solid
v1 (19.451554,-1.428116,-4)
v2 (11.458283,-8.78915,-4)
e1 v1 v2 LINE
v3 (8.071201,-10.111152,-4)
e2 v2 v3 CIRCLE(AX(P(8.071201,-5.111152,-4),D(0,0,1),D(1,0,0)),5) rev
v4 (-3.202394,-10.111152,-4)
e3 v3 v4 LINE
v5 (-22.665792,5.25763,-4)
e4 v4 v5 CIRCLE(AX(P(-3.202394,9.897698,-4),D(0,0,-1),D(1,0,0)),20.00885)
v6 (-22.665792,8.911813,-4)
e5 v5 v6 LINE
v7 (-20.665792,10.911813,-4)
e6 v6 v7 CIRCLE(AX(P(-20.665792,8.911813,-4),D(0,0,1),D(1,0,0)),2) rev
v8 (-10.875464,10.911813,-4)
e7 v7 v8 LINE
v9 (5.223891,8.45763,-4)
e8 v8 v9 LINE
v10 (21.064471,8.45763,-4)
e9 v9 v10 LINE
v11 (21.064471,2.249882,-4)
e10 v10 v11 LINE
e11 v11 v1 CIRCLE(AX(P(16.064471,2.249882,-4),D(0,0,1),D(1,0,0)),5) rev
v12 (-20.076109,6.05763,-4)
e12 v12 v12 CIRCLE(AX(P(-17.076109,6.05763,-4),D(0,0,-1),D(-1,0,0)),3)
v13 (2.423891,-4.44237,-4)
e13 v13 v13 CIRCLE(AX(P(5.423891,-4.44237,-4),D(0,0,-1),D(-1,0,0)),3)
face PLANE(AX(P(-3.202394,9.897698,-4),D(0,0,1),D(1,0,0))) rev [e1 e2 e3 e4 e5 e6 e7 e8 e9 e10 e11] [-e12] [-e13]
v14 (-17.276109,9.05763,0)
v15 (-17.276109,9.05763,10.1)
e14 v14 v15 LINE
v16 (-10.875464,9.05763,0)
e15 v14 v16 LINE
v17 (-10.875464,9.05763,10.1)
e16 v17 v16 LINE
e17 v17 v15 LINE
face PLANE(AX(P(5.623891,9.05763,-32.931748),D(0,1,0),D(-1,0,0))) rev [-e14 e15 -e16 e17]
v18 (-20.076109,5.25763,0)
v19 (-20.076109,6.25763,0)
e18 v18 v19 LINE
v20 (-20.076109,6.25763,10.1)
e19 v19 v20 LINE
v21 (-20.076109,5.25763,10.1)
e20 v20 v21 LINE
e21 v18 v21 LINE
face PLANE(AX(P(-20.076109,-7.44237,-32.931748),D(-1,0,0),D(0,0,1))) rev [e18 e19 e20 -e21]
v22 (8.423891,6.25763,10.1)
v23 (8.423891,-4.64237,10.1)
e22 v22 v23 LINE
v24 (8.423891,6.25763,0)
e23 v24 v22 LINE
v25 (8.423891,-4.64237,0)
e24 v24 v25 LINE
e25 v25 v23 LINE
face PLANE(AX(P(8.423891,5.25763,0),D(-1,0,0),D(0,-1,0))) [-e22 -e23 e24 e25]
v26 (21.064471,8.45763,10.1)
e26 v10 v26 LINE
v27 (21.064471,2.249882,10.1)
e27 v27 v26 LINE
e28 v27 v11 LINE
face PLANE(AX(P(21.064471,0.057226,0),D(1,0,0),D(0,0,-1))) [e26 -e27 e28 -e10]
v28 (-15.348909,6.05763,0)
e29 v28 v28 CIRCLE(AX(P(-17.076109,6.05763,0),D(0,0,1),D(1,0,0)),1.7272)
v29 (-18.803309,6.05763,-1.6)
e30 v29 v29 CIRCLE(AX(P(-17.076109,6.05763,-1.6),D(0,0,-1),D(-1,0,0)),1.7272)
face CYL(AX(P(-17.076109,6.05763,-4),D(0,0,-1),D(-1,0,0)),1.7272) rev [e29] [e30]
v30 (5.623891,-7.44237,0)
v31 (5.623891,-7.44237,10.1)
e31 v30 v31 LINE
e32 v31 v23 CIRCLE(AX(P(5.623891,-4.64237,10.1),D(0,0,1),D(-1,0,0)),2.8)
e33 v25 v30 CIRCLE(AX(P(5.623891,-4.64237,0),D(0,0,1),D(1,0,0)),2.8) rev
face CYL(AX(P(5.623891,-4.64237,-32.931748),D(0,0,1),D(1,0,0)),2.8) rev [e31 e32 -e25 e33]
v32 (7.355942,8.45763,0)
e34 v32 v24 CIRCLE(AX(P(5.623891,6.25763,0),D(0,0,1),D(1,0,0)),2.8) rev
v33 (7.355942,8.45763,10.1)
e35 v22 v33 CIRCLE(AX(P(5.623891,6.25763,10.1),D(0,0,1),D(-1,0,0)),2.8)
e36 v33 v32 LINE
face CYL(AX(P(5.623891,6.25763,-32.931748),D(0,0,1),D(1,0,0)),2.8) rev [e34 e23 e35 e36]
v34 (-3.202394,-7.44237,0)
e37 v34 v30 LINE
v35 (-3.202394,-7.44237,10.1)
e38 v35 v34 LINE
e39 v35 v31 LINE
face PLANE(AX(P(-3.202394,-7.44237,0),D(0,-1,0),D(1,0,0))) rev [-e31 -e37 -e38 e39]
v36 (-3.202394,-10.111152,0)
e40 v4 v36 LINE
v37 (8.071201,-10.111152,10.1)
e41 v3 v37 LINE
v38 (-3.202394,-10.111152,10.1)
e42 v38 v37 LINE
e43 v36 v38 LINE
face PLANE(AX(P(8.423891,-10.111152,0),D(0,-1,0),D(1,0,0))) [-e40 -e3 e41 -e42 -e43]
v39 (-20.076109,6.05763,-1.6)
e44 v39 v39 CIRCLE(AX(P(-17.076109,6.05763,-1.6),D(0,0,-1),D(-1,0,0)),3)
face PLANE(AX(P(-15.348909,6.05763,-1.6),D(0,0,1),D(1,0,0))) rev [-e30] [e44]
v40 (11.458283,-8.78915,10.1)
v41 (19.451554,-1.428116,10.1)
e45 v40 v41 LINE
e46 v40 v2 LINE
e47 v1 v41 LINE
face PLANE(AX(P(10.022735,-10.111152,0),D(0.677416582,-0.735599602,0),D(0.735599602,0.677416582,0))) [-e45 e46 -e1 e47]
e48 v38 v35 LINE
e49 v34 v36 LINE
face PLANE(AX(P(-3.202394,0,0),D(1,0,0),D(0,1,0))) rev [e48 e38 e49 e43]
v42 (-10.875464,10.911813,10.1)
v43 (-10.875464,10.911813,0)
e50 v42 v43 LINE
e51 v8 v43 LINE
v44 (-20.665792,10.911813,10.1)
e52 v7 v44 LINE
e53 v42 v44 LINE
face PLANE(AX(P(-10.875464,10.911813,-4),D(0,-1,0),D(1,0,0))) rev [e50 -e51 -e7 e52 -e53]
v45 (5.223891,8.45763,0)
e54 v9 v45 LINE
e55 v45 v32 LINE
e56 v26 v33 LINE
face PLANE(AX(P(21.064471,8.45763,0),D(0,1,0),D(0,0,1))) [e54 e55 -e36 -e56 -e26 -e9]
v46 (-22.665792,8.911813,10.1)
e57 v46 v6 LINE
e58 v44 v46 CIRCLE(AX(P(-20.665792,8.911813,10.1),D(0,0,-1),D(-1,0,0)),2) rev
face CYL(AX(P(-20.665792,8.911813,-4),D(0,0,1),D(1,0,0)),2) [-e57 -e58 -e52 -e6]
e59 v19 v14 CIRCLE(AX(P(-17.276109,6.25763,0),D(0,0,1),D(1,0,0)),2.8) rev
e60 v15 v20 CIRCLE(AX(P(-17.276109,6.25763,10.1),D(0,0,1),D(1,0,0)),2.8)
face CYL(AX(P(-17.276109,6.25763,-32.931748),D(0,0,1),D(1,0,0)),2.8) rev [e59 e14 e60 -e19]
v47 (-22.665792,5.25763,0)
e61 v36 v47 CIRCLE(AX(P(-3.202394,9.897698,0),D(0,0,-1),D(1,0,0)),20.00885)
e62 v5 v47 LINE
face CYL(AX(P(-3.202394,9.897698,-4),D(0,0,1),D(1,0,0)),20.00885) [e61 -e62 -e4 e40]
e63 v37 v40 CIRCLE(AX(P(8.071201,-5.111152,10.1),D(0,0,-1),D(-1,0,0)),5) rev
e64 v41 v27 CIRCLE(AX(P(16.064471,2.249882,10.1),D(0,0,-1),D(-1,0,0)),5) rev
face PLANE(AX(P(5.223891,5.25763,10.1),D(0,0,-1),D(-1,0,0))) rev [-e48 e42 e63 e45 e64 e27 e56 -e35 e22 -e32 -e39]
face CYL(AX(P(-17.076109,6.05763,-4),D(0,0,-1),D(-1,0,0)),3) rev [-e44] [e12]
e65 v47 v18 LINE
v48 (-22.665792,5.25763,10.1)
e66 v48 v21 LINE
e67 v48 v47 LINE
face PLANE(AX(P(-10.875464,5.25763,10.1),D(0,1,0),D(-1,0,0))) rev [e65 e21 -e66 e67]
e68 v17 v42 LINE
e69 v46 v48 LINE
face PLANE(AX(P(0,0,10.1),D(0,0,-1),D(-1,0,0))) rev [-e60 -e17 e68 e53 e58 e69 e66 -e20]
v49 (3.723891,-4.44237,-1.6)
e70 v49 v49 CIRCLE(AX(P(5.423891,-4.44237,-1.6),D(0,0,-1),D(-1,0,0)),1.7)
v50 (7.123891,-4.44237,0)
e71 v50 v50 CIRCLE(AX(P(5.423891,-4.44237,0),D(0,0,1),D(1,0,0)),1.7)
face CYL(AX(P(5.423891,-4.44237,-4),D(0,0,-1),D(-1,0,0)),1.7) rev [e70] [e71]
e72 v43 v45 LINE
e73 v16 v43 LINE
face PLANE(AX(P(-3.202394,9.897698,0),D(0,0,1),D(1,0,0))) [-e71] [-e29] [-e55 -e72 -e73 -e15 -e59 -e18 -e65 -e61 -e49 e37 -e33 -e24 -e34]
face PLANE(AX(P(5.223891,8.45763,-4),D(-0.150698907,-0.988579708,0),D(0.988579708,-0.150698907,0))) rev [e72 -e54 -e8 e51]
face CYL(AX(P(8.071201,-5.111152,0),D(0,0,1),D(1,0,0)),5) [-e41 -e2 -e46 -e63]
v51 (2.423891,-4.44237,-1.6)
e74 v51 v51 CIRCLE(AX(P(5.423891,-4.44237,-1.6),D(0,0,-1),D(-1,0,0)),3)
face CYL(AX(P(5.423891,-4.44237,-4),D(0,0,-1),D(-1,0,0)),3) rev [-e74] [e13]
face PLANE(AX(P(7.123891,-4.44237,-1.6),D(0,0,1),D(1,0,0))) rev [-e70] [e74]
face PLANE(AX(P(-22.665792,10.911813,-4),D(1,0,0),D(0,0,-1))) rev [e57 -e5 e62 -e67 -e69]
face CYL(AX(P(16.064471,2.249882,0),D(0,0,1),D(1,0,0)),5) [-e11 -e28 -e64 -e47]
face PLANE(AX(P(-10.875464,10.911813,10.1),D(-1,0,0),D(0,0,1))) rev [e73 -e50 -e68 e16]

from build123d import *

# Parameters (mm, degrees)
BOSS_EXTRUDE1_DEPTH                                 = 10.1
SKETCH2_W                                           = 10.1
SKETCH2_H                                           = 2.668782353
BOSS_EXTRUDE2_DEPTH                                 = 11.626285019
BOSS_EXTRUDE3_DEPTH                                 = 4
SKETCH4_W                                           = 11.790327601
SKETCH4_H                                           = 5.654182735
BOSS_EXTRUDE4_DEPTH                                 = 10.1
CUT_EXTRUDE1_REACH                                  = 32.993
SKETCH6_W                                           = 5.300644637
SKETCH6_H                                           = 10.1
CBORE_FOR_4_BINDING_HEAD_MACHINE_SCREW1_D           = 3.4
CBORE_FOR_4_BINDING_HEAD_MACHINE_SCREW1_CBORE_D     = 6
CBORE_FOR_4_BINDING_HEAD_MACHINE_SCREW1_CBORE_DEPTH = 2.4
CBORE_FOR_4_BINDING_HEAD_MACHINE_SCREW2_D           = 3.4544
CBORE_FOR_4_BINDING_HEAD_MACHINE_SCREW2_CBORE_D     = 5.999999938
CBORE_FOR_4_BINDING_HEAD_MACHINE_SCREW2_CBORE_DEPTH = 2.400000026
FILLET1_R                                           = 2
FILLET2_R                                           = 3.2
FILLET3_R                                           = 5
CUT_EXTRUDE2_DEPTH                                  = 10.1


with BuildPart() as part:
    # Sketch1 → Boss-Extrude1 (new body)
    with BuildSketch(Plane.XY.offset(10.1)):
        with BuildLine():
            Line((8.423890913, 5.257630162), (8.423890913, -10.111152191))
            Line((8.423890913, -10.111152191), (10.022735266, -10.111152191))
            Line((10.022735266, -10.111152191), (21.064470639, 0.057225582))
            Line((21.064470639, 0.057225582), (21.064470639, 8.457630162))
            Line((21.064470639, 8.457630162), (5.223890913, 8.457630162))
            ThreePointArc((5.223890913, 8.457630162), (7.486632612, 7.520371862), (8.423890913, 5.257630162))
        make_face()
    extrude(amount=-BOSS_EXTRUDE1_DEPTH)

    # Sketch2 → Boss-Extrude2 (add)
    with BuildSketch(Plane.ZY.offset(-8.423890913)):
        with Locations((5.05, -8.776761014)):
            Rectangle(SKETCH2_W, SKETCH2_H)
    extrude(amount=BOSS_EXTRUDE2_DEPTH)

    # Sketch3 → Boss-Extrude3 (add)
    with BuildSketch(Plane(origin=(0, 0, 0), x_dir=(-1, 0, 0), z_dir=(0, 0, -1))):
        with BuildLine():
            Line((3.202394106, -10.111152191), (-10.022735266, -10.111152191))
            Line((-10.022735266, -10.111152191), (-21.064470639, 0.057225582))
            Line((-21.064470639, 0.057225582), (-21.064470639, 8.457630162))
            Line((-21.064470639, 8.457630162), (-5.223890913, 8.457630162))
            Line((-5.223890913, 8.457630162), (10.87546445, 10.911812897))
            Line((10.87546445, 10.911812897), (22.665792051, 10.911812897))
            Line((22.665792051, 10.911812897), (22.665792051, 5.257630162))
            ThreePointArc((22.665792051, 5.257630162), (15.602226067, -5.805749207), (3.202394106, -10.111152191))
        make_face()
    extrude(amount=BOSS_EXTRUDE3_DEPTH)

    # Sketch4 → Boss-Extrude4 (add)
    with BuildSketch(Plane.XY):
        with Locations((-16.77062825, 8.08472153)):
            Rectangle(SKETCH4_W, SKETCH4_H)
    extrude(amount=BOSS_EXTRUDE4_DEPTH)

    # Sketch6 → Cut-Extrude1 (cut, up to next)
    with BuildSketch(Plane(origin=(0, 8.457630162, 0), x_dir=(1, 0, 0), z_dir=(0, 1, 0)), mode=Mode.PRIVATE) as cut_extrude1_sk1:
        with Locations((-13.525786769, -5.05)):
            Rectangle(SKETCH6_W, SKETCH6_H)
    cut_extrude1_tool1 = extrude(cut_extrude1_sk1.sketch, amount=-CUT_EXTRUDE1_REACH, mode=Mode.PRIVATE) & part.part
    add(cut_extrude1_tool1.solids().sort_by_distance((-13.525787, 8.45763, 5.05))[0], mode=Mode.SUBTRACT)

    # CBORE for #4 Binding Head Machine Screw1 (through all)
    with Locations(Plane(origin=(0, 0, -4), x_dir=(-1, 0, 0), z_dir=(0, 0, -1))):
        with Locations((-5.423890913, -4.442369838)):
            CounterBoreHole(CBORE_FOR_4_BINDING_HEAD_MACHINE_SCREW1_D / 2, CBORE_FOR_4_BINDING_HEAD_MACHINE_SCREW1_CBORE_D / 2, CBORE_FOR_4_BINDING_HEAD_MACHINE_SCREW1_CBORE_DEPTH)

    # CBORE for #4 Binding Head Machine Screw2 (through all)
    with Locations(Plane(origin=(0, 0, -4), x_dir=(-1, 0, 0), z_dir=(0, 0, -1))):
        with Locations((17.076109087, 6.057630162)):
            CounterBoreHole(CBORE_FOR_4_BINDING_HEAD_MACHINE_SCREW2_D / 2, CBORE_FOR_4_BINDING_HEAD_MACHINE_SCREW2_CBORE_D / 2, CBORE_FOR_4_BINDING_HEAD_MACHINE_SCREW2_CBORE_DEPTH)

    # Fillet1
    fillet1_edges = [part.edges().sort_by_distance(p)[0] for p in [
        (-22.665792051, 10.911812897, 3.05),
    ]]
    fillet(fillet1_edges, radius=FILLET1_R)

    # Fillet2
    fillet2_edges = [part.edges().sort_by_distance(p)[0] for p in [
        (8.423890913, -7.442369838, 5.05),
    ]]
    fillet(fillet2_edges, radius=FILLET2_R)

    # Fillet3
    fillet3_edges = [part.edges().sort_by_distance(p)[0] for p in [
        (21.064470639, 0.057225582, 3.05),
        (10.022735266, -10.111152191, 3.05),
    ]]
    fillet(fillet3_edges, radius=FILLET3_R)

    # Sketch11 → Cut-Extrude2 (cut)
    with BuildSketch(Plane.XY.offset(10.1)):
        with BuildLine():
            Line((5.623890913, -7.442369838), (-20.076109087, -7.442369838))
            Line((-20.076109087, -7.442369838), (-20.076109087, 6.257630162))
            ThreePointArc((-20.076109087, 6.257630162), (-19.256008075, 8.23752915), (-17.276109087, 9.057630162))
            Line((-17.276109087, 9.057630162), (5.623890913, 9.057630162))
            ThreePointArc((5.623890913, 9.057630162), (7.6037899, 8.23752915), (8.423890913, 6.257630162))
            Line((8.423890913, 6.257630162), (8.423890913, -4.642369838))
            ThreePointArc((8.423890913, -4.642369838), (7.6037899, -6.622268825), (5.623890913, -7.442369838))
        make_face()
    extrude(amount=-CUT_EXTRUDE2_DEPTH, mode=Mode.SUBTRACT)


solid = part.part
